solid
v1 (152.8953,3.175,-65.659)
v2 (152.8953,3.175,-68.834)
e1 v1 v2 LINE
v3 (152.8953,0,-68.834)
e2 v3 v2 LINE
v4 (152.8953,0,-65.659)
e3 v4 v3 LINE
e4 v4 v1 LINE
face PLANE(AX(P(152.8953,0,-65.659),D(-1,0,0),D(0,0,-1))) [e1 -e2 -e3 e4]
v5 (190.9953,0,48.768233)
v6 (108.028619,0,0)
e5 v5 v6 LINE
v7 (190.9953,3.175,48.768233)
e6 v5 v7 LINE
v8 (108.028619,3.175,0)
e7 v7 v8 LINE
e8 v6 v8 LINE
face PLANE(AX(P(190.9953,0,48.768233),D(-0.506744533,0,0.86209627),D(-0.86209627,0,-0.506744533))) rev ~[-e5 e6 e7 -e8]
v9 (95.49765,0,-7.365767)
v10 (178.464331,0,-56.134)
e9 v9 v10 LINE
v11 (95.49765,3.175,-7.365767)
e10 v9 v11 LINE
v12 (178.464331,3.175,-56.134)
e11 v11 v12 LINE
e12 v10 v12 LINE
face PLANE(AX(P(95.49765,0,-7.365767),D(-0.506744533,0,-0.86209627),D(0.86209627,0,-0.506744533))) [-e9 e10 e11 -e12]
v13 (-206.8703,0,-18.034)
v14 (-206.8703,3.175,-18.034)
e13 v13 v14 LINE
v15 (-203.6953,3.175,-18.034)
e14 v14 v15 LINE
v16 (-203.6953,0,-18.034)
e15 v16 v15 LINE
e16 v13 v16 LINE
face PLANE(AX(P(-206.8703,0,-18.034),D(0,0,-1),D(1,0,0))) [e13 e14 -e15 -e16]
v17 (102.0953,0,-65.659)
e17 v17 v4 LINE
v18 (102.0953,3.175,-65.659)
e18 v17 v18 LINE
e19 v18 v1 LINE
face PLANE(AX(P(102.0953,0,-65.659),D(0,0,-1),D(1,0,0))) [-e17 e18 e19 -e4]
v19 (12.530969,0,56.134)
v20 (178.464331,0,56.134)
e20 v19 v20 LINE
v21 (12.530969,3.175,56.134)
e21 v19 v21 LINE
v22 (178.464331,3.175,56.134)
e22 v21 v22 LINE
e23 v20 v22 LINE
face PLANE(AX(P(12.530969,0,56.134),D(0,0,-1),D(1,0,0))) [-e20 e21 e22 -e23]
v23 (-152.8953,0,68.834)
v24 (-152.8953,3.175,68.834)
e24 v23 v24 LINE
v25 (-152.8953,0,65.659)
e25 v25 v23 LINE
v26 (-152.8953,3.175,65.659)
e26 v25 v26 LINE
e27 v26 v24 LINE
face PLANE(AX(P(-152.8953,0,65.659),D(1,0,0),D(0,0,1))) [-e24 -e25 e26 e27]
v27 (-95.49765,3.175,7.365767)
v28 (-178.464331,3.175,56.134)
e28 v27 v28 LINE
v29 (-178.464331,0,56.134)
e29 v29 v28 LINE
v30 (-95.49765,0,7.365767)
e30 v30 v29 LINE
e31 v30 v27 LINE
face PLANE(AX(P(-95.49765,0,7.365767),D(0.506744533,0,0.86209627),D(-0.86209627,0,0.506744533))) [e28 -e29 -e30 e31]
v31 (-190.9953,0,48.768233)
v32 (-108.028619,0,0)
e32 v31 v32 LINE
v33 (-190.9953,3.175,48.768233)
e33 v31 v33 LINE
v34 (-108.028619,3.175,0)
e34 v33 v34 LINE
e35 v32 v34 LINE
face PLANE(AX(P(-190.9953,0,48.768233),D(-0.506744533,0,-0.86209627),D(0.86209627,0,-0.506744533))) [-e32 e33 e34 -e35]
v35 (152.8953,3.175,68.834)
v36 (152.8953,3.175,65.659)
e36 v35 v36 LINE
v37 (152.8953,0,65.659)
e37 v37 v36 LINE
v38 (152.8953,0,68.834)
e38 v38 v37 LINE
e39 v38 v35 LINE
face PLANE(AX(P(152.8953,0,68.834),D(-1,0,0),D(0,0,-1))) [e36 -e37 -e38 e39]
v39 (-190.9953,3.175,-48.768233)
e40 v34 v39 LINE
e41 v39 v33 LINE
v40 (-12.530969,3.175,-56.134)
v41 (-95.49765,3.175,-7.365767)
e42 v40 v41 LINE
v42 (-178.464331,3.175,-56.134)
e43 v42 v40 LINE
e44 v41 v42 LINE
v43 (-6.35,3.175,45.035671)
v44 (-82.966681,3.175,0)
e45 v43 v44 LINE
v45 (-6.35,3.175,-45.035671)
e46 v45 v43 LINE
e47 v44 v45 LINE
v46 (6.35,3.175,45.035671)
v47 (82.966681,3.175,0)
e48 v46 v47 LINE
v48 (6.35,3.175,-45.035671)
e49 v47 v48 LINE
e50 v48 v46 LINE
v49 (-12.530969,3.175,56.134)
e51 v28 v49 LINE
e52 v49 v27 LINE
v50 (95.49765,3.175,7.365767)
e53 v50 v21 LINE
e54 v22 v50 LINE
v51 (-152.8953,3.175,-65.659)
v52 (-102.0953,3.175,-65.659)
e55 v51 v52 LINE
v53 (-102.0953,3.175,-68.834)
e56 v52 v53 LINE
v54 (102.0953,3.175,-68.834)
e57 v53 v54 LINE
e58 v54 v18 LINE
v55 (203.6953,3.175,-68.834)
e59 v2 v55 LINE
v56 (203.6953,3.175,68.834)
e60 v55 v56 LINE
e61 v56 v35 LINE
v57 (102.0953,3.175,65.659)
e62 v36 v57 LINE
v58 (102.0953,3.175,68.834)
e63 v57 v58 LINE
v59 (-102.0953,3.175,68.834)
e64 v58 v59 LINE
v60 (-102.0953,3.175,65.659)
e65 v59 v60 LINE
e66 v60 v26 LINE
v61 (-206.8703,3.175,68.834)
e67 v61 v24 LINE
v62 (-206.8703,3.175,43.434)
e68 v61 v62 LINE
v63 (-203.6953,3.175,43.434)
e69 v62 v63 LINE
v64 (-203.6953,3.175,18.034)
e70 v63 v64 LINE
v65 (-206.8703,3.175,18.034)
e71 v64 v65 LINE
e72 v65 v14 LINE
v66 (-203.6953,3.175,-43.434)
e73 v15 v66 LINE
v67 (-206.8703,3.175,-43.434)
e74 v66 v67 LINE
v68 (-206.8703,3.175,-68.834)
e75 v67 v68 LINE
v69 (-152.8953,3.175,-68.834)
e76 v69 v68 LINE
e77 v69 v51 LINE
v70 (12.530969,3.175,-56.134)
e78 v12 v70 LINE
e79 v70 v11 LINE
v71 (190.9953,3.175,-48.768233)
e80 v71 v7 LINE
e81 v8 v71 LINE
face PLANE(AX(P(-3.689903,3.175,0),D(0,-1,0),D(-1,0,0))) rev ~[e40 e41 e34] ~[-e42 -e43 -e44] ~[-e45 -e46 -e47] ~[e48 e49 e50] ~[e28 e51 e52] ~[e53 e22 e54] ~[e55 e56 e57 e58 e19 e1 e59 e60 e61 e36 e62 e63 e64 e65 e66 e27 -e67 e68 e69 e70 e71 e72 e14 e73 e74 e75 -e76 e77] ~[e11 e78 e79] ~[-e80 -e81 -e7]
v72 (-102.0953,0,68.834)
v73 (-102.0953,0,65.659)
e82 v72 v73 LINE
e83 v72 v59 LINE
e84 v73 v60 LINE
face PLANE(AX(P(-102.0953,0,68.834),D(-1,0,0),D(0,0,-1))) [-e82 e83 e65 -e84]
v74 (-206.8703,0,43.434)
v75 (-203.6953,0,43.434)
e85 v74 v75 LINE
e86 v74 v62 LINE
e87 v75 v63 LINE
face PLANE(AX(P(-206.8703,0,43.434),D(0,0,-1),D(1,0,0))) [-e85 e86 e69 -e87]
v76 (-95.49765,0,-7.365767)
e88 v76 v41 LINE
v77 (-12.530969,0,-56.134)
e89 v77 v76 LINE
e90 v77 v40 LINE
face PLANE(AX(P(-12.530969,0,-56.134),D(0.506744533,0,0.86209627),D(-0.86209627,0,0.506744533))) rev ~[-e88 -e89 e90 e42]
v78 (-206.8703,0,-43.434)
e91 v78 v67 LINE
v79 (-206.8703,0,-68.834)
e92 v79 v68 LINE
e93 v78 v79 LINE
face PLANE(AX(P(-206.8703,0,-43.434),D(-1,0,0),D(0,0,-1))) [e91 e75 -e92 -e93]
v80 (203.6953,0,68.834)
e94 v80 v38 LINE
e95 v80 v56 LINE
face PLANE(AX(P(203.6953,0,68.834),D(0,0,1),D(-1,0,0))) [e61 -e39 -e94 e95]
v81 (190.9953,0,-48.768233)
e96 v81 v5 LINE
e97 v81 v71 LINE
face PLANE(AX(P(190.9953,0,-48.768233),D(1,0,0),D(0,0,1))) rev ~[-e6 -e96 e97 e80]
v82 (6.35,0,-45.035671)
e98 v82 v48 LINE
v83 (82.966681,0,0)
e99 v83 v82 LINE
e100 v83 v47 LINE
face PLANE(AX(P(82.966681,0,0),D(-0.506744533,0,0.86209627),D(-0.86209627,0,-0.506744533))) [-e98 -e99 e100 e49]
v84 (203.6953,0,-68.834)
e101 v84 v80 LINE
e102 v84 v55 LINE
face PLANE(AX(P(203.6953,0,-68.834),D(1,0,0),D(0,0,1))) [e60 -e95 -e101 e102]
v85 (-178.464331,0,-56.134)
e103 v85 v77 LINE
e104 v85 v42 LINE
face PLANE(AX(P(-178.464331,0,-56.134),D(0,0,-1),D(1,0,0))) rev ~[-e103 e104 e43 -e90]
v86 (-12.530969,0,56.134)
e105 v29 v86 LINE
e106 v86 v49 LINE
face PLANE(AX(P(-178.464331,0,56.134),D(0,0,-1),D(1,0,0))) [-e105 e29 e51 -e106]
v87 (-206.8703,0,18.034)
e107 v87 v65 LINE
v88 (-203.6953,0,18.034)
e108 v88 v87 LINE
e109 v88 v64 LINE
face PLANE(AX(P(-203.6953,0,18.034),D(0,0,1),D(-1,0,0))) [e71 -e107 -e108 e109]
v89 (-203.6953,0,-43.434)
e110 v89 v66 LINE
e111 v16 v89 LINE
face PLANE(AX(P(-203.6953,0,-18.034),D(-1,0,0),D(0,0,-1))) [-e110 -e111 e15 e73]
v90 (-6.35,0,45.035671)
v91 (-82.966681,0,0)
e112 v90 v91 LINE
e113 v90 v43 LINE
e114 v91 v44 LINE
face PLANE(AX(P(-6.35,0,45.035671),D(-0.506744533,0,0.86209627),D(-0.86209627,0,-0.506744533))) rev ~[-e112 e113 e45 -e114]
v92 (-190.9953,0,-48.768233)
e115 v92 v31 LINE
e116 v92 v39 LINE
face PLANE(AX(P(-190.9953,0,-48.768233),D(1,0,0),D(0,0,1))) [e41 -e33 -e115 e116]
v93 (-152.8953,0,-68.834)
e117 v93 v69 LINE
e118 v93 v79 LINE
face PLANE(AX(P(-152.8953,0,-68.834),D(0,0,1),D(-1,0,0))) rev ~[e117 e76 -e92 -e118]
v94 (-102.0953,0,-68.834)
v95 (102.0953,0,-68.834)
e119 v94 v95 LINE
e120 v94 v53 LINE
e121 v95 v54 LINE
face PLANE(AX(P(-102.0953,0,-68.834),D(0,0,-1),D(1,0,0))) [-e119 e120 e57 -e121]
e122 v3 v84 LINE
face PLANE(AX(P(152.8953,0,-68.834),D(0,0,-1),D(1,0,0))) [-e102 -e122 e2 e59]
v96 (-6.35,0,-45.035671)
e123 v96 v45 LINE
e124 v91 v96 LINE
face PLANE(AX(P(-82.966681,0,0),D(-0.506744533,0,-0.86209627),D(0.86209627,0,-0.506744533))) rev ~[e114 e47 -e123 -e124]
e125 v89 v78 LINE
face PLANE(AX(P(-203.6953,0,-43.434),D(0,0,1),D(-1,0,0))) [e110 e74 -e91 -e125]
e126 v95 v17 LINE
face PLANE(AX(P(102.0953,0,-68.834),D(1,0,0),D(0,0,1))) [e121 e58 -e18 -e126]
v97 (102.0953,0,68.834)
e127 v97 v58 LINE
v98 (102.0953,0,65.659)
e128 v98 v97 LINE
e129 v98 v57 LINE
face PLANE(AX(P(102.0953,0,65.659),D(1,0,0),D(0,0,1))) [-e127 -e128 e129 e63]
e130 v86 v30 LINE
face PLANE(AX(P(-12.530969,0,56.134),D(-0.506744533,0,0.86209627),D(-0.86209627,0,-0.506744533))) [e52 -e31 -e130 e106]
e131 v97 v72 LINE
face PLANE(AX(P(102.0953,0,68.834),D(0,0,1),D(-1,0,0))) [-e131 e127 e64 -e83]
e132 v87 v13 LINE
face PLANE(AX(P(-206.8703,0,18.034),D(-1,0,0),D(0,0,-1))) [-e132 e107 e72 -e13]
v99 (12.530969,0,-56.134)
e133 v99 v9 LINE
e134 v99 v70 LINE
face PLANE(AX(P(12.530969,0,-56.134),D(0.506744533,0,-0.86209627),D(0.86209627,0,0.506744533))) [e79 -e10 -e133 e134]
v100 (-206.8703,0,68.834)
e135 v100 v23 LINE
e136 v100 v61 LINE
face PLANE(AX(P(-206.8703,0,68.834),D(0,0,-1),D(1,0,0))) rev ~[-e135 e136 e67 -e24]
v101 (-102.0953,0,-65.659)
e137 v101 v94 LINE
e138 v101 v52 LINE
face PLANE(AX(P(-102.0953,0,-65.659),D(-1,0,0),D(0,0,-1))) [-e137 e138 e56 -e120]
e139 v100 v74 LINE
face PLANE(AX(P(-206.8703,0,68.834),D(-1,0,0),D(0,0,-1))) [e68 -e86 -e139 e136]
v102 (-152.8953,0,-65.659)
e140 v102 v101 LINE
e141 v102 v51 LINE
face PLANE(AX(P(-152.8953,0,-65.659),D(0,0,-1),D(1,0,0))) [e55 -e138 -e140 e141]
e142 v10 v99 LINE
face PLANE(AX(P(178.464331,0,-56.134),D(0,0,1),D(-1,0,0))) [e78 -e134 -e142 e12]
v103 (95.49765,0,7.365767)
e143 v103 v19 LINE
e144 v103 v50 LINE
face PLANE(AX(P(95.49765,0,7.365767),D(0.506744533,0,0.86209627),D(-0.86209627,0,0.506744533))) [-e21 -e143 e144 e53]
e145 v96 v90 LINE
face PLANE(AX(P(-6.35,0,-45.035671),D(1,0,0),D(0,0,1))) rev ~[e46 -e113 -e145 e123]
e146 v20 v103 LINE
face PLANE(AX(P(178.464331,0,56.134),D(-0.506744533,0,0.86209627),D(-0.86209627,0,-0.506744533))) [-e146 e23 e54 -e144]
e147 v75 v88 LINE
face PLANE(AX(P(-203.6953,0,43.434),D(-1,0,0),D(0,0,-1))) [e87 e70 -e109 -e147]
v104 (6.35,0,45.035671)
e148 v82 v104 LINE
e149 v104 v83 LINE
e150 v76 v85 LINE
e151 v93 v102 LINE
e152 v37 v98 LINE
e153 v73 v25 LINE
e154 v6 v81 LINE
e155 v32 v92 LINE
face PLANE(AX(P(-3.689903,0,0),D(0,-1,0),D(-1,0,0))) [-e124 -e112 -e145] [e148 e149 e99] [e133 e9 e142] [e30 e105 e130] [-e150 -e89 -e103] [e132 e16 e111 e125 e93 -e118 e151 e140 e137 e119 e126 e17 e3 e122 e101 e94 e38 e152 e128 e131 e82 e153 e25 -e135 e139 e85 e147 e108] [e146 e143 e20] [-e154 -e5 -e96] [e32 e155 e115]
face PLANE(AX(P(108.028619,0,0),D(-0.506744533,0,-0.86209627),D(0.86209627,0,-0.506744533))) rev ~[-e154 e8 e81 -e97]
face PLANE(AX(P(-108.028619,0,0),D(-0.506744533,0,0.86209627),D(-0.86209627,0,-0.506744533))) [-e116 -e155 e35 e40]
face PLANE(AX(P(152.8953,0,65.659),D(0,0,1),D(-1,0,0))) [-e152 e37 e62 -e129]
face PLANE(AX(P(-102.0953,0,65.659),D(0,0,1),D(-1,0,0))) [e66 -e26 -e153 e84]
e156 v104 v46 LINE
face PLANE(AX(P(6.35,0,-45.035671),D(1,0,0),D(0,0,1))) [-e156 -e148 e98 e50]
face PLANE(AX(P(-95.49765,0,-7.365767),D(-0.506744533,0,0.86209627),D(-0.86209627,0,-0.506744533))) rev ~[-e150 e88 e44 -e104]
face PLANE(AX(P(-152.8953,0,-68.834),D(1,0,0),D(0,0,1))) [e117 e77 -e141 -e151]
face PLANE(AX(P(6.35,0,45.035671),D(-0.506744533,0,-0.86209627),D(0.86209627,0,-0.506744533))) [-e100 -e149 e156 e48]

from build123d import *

# Parameters (mm, degrees)
BOSS_EXTRUDE1_DEPTH = 3.175


with BuildPart() as part:
    # Sketch1 → Boss-Extrude1 (new body)
    with BuildSketch(Plane(origin=(0, 0, 0), x_dir=(1, 0, 0), z_dir=(0, 1, 0))):
        Polygon((-203.6953, 68.834), (-152.8953, 68.834), (-152.8953, 65.659), (-102.0953, 65.659), (-102.0953, 68.834), (102.0953, 68.834), (102.0953, 65.659), (152.8953, 65.659), (152.8953, 68.834), (203.6953, 68.834), (203.6953, -68.834), (152.8953, -68.834), (152.8953, -65.659), (102.0953, -65.659), (102.0953, -68.834), (-102.0953, -68.834), (-102.0953, -65.659), (-152.8953, -65.659), (-152.8953, -68.834), (-203.6953, -68.834), (-206.8703, -68.834), (-206.8703, -43.434), (-203.6953, -43.434), (-203.6953, -18.034), (-206.8703, -18.034), (-206.8703, 18.034), (-203.6953, 18.034), (-203.6953, 43.434), (-206.8703, 43.434), (-206.8703, 68.834), align=None)
        Polygon((-178.464331058, 56.134), (-12.530968942, 56.134), (-95.49765, 7.365766703), align=None, mode=Mode.SUBTRACT)
        Polygon((-190.9953, 48.768233297), (-190.9953, -48.768233297), (-108.028618942, 0), align=None, mode=Mode.SUBTRACT)
        Polygon((-178.464331058, -56.134), (-12.530968942, -56.134), (-95.49765, -7.365766703), align=None, mode=Mode.SUBTRACT)
        Polygon((190.9953, 48.768233297), (190.9953, -48.768233297), (108.028618942, 0), align=None, mode=Mode.SUBTRACT)
        Polygon((6.35, 45.035671291), (6.35, -45.035671291), (82.966681058, 0), align=None, mode=Mode.SUBTRACT)
        Polygon((12.530968942, 56.134), (95.49765, 7.365766703), (178.464331058, 56.134), align=None, mode=Mode.SUBTRACT)
        Polygon((-6.35, 45.035671291), (-6.35, -45.035671291), (-82.966681058, 0), align=None, mode=Mode.SUBTRACT)
        Polygon((12.530968942, -56.134), (178.464331058, -56.134), (95.49765, -7.365766703), align=None, mode=Mode.SUBTRACT)
    extrude(amount=BOSS_EXTRUDE1_DEPTH)


solid = part.part
